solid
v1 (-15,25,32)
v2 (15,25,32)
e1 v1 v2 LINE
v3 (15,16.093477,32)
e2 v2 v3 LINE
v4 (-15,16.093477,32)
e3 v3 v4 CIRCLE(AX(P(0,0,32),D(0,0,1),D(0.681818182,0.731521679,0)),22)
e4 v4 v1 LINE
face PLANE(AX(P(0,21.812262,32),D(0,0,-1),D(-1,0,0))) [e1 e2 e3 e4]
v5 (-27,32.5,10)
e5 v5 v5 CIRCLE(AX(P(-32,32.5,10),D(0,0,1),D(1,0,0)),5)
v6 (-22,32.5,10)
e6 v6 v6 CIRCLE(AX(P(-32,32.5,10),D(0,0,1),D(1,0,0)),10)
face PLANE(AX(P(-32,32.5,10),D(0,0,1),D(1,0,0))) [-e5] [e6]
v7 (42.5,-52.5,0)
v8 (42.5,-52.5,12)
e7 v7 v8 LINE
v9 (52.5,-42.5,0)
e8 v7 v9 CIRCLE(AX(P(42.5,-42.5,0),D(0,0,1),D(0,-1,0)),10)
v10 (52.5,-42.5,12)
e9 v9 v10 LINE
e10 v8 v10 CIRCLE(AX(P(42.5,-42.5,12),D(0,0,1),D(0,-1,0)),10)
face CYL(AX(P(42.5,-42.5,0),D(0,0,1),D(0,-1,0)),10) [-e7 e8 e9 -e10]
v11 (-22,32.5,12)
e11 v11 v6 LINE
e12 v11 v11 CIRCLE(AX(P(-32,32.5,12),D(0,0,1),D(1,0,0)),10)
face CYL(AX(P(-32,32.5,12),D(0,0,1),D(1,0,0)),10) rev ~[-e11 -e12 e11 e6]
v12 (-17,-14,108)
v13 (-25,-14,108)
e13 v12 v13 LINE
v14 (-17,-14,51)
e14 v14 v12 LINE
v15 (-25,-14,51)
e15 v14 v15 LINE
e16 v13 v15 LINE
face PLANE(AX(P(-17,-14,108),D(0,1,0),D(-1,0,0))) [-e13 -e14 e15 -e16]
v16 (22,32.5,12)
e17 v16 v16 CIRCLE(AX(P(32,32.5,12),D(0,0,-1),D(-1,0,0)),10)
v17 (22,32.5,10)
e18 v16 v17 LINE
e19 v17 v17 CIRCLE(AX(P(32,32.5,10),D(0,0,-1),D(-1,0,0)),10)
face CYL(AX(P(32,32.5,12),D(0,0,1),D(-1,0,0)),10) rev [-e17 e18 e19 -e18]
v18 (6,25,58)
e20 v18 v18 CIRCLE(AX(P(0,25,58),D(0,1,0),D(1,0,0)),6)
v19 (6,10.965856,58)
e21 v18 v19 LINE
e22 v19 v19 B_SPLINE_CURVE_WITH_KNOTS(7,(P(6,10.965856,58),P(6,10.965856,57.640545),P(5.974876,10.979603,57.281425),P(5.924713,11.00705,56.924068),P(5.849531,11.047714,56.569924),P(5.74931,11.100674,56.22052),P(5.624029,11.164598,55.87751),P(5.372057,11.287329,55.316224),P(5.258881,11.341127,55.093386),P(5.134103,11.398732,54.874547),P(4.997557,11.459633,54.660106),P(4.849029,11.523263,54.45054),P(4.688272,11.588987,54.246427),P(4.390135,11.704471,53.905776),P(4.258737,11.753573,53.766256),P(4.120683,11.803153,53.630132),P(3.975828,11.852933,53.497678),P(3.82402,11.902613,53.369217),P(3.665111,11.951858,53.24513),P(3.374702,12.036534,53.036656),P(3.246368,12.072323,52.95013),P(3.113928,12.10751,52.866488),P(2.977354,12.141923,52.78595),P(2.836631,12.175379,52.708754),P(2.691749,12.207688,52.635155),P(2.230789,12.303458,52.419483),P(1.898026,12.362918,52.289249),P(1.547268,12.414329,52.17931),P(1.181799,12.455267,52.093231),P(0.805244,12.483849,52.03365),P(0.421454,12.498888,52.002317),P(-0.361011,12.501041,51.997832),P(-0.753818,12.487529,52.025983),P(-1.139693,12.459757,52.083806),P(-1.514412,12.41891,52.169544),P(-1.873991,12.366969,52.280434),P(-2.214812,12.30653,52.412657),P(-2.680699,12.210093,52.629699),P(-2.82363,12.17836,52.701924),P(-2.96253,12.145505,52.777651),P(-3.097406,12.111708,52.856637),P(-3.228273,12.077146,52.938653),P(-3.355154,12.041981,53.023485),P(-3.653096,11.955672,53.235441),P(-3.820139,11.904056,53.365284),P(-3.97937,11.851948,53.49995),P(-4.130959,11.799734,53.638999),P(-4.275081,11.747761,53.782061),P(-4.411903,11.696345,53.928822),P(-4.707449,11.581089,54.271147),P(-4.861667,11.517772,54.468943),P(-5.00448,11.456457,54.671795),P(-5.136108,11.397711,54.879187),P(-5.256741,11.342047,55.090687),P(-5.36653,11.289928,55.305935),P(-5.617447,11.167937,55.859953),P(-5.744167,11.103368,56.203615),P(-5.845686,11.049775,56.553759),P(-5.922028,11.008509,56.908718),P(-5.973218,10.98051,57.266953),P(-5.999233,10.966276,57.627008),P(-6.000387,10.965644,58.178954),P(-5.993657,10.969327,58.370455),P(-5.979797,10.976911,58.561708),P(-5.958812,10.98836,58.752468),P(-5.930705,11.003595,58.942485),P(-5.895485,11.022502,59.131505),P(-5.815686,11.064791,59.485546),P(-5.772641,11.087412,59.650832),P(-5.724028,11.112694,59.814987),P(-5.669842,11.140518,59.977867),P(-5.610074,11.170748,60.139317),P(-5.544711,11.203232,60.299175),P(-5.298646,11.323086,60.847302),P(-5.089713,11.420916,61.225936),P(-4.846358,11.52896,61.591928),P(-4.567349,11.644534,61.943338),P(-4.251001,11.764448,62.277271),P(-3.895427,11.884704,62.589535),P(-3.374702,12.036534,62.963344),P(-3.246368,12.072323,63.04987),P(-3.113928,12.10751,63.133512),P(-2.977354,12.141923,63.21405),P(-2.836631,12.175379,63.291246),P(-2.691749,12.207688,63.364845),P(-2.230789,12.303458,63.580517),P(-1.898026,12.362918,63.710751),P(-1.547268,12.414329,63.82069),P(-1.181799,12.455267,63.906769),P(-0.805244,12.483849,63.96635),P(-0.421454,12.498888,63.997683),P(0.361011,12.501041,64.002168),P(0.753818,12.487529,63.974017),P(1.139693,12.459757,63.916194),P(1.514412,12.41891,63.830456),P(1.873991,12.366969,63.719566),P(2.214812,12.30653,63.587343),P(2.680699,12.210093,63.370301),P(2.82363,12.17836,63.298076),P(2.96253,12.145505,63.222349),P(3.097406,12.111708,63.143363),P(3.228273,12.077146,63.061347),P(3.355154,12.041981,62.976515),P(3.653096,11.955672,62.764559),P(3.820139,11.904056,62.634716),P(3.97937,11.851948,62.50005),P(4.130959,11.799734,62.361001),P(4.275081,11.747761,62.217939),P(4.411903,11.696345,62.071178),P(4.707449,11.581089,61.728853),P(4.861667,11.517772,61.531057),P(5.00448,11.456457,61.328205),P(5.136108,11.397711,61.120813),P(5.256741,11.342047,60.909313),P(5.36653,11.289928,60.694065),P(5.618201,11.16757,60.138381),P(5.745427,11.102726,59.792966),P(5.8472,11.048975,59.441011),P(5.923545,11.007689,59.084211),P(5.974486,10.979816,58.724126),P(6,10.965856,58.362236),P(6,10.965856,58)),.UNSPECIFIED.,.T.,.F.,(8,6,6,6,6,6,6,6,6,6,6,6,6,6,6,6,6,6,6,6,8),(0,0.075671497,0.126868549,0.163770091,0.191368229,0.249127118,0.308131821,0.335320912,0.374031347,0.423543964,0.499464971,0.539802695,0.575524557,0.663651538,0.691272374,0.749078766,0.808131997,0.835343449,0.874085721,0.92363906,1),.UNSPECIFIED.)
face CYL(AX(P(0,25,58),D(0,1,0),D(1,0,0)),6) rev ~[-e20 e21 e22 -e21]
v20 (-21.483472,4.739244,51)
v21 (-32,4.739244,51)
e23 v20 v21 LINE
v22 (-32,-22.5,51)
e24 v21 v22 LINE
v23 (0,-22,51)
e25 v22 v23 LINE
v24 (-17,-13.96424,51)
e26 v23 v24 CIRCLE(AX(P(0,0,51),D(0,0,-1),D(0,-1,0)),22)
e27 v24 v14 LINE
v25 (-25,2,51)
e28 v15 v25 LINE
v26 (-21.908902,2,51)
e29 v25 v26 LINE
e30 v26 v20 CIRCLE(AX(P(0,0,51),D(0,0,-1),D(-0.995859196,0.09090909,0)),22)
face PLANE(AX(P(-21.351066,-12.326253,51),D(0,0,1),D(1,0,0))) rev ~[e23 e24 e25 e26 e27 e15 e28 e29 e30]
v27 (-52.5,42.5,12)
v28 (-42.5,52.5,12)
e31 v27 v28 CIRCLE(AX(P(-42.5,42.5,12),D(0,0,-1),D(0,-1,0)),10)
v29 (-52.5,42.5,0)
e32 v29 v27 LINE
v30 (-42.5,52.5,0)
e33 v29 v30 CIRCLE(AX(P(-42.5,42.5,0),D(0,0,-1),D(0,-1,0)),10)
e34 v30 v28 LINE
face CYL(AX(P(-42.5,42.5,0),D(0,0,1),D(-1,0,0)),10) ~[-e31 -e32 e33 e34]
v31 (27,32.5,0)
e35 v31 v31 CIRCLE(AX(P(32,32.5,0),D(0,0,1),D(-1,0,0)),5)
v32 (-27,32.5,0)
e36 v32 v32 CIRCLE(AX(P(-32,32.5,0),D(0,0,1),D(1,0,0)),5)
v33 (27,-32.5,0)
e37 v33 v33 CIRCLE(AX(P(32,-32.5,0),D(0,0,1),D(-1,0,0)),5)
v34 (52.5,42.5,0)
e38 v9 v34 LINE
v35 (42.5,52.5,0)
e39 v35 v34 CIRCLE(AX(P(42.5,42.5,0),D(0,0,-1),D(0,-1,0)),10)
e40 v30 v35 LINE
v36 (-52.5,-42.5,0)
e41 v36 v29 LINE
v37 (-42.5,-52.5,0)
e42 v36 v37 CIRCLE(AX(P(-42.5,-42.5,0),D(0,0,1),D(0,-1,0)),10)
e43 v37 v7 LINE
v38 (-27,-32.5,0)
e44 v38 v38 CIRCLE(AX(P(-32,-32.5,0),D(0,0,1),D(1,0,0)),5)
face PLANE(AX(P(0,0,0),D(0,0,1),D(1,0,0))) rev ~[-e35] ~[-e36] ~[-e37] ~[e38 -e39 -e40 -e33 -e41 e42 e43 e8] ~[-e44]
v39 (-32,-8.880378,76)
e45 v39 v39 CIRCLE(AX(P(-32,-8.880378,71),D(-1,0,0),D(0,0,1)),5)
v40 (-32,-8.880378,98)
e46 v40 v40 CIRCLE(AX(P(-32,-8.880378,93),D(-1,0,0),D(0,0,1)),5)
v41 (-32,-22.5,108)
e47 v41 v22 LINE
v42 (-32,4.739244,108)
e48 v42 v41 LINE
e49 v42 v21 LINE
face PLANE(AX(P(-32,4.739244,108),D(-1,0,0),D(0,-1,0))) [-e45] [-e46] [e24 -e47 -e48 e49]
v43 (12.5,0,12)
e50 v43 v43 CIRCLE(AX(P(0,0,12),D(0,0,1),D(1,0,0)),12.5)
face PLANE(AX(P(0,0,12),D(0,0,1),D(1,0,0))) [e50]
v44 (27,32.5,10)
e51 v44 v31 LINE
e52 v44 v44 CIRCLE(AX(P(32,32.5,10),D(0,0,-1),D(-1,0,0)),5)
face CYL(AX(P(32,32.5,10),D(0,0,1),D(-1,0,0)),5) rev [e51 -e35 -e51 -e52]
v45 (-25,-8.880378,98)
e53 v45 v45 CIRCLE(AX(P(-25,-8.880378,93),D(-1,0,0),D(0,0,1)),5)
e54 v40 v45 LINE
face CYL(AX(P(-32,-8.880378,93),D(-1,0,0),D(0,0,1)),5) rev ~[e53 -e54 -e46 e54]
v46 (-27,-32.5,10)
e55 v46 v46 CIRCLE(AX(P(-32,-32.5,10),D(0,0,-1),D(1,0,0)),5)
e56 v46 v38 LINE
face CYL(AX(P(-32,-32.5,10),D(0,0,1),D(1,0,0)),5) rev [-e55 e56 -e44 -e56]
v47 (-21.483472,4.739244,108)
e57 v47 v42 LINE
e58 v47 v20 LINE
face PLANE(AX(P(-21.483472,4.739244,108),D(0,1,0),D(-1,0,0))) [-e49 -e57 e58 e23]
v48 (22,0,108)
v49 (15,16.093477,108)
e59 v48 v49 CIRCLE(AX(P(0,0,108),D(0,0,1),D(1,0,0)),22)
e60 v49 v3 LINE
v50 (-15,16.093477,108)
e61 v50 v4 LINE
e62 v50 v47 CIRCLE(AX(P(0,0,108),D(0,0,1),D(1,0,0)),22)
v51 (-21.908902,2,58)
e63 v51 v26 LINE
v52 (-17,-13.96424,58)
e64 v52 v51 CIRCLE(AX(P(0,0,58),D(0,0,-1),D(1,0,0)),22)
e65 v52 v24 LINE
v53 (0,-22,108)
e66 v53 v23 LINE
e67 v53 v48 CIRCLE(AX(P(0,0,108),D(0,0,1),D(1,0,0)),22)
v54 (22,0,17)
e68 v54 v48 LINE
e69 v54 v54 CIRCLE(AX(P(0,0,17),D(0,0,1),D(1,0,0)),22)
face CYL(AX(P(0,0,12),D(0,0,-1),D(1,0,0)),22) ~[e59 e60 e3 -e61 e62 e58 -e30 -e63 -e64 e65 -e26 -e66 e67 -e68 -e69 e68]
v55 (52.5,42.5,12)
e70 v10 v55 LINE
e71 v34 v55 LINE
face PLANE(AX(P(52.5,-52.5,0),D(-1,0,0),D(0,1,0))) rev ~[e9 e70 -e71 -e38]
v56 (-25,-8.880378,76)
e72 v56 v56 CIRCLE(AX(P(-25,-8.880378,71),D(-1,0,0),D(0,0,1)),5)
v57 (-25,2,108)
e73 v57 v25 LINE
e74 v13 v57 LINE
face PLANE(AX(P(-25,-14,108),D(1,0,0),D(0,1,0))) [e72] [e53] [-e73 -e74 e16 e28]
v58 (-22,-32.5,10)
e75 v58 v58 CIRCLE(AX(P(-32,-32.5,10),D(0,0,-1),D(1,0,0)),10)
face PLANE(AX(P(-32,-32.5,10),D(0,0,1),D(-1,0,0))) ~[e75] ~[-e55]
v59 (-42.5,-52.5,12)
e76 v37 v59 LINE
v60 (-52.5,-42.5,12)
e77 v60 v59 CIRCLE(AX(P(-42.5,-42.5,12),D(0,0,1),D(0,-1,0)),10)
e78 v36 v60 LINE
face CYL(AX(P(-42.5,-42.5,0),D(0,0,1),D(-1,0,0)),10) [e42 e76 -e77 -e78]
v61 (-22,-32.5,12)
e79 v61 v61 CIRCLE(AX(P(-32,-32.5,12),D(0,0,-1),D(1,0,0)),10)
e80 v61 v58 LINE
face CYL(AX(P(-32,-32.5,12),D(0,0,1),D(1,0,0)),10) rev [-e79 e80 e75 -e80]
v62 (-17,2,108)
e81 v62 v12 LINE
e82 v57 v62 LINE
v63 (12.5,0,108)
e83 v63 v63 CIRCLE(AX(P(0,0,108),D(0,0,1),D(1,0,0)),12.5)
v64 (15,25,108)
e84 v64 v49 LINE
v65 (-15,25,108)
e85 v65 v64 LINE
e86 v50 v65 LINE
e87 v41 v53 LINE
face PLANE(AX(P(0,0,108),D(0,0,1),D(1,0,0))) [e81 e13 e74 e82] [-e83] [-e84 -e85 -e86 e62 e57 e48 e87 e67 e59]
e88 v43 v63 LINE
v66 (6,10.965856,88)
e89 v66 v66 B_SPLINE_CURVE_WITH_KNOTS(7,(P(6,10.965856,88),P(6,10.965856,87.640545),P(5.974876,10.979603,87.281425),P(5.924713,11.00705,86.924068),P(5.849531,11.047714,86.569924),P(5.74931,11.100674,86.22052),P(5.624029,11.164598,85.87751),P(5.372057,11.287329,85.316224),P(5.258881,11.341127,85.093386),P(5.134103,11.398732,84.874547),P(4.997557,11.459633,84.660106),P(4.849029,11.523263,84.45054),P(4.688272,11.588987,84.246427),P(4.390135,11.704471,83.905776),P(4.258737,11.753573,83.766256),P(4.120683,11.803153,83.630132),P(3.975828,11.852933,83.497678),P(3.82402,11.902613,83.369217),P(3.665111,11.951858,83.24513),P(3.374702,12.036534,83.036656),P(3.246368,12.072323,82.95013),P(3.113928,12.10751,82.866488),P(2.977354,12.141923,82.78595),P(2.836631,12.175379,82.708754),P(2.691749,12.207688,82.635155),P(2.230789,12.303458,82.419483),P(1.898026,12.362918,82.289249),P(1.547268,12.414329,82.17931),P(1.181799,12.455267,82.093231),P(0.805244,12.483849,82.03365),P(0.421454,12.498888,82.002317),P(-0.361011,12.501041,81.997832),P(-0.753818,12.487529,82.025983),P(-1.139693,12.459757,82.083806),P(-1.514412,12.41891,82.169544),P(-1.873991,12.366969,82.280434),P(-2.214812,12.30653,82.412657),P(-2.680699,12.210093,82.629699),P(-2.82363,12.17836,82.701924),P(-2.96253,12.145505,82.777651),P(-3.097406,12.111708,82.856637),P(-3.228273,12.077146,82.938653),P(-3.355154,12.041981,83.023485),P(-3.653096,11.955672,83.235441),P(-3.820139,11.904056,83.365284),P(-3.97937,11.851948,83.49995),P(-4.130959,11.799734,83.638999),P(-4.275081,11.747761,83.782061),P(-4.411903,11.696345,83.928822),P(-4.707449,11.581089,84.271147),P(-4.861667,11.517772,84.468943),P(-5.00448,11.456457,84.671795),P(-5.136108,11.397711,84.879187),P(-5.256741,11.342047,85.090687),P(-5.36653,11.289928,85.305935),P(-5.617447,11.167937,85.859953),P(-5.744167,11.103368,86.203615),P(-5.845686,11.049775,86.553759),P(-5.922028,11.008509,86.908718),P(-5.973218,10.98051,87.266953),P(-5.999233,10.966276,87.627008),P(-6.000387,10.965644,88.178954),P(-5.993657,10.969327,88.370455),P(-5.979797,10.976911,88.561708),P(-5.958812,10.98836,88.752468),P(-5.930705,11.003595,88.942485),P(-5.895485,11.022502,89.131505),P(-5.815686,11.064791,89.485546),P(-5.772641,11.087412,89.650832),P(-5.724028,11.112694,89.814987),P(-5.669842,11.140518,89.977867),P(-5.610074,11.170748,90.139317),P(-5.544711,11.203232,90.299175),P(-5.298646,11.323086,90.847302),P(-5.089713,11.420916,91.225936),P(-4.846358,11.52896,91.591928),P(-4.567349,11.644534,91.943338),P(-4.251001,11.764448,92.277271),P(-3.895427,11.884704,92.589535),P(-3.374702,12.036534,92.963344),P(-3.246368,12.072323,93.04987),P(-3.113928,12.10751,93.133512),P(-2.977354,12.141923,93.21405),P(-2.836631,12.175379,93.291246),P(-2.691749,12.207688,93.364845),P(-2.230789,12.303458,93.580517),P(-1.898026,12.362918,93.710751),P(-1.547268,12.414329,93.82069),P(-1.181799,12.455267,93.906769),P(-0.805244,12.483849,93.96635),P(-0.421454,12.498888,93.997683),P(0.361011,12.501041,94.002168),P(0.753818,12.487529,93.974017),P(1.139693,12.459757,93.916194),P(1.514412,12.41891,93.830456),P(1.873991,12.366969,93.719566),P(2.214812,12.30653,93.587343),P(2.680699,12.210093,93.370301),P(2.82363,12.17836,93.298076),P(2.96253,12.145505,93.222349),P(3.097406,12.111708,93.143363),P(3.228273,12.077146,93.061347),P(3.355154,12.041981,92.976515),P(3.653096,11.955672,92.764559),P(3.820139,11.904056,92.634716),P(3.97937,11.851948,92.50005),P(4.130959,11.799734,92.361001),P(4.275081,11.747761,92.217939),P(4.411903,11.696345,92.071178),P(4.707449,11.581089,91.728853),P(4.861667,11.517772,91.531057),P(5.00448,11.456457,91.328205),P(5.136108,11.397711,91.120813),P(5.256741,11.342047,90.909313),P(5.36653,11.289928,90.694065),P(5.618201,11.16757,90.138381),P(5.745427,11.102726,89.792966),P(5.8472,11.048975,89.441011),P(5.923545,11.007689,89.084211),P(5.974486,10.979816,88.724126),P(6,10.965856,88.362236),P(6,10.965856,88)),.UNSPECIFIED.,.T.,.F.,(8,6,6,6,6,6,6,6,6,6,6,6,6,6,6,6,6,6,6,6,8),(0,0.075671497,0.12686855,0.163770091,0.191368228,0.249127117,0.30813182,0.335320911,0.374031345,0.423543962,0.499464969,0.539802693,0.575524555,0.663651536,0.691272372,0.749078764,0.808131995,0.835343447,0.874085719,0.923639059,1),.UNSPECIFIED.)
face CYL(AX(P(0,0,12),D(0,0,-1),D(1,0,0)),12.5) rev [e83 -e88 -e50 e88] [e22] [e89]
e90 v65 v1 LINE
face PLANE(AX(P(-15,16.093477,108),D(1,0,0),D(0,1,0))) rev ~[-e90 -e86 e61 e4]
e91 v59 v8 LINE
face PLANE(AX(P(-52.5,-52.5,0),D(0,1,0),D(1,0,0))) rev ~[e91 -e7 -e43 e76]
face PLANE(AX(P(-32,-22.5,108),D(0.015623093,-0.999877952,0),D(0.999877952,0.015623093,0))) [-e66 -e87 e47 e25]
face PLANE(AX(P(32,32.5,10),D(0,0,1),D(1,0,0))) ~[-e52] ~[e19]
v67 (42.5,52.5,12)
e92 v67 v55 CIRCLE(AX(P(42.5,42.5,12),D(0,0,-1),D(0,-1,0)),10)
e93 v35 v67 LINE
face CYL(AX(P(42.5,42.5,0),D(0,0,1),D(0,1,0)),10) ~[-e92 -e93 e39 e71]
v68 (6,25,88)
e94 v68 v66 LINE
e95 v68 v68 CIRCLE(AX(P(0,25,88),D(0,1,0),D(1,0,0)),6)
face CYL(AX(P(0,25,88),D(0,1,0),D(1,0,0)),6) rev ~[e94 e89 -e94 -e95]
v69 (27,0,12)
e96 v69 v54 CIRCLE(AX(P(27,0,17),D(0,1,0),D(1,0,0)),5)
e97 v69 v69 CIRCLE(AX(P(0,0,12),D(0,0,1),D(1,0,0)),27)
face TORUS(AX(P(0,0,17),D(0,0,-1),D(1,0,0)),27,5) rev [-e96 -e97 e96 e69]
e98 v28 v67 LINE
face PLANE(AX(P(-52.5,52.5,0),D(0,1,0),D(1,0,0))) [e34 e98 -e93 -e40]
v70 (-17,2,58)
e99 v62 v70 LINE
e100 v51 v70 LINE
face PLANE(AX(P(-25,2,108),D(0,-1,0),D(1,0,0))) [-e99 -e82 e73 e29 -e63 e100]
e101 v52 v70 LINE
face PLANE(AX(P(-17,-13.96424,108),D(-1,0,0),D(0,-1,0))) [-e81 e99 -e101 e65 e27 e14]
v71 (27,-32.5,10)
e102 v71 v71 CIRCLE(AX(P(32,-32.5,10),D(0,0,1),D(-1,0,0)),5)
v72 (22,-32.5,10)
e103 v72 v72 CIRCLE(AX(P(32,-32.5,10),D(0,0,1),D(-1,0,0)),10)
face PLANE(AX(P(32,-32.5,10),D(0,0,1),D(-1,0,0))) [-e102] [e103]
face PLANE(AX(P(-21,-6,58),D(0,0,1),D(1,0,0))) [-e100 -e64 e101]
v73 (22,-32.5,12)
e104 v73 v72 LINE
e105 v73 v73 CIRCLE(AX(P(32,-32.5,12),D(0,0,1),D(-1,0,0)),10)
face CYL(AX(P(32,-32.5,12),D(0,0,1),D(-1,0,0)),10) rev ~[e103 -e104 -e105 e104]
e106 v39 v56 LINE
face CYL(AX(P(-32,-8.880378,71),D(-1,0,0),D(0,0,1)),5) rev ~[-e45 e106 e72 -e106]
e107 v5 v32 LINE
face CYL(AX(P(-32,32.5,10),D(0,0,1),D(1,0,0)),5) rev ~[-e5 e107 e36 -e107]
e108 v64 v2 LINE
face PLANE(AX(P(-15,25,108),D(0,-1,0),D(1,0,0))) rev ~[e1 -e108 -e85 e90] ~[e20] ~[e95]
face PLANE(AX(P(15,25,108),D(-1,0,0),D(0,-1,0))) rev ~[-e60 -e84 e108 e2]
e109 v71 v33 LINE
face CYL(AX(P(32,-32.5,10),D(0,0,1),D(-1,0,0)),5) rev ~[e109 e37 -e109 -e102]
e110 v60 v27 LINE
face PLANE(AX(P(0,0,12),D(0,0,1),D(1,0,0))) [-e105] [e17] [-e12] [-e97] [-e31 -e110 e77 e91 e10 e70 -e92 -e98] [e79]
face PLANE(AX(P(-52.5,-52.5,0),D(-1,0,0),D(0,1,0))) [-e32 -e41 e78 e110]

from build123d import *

# Parameters (mm, degrees)
SKETCH1_W               = 105
SKETCH1_H               = 105
BOSS_EXTRUDE1_DEPTH     = 12
SKETCH2_R               = 22
SKETCH2_R_2             = 12.5
BOSS_EXTRUDE2_DEPTH     = 96
FILLET1_R               = 5
SKETCH4_R               = 10
CUT_EXTRUDE2_DEPTH      = 2
SKETCH6_R               = 5
CUT_EXTRUDE3_DEPTH      = 11
MIRROR3_COPY_1_SKETCH_R = 10
MIRROR3_COPY_1_DEPTH    = 2
MIRROR3_COPY_2_SKETCH_R = 5
MIRROR3_COPY_2_DEPTH    = 11
BOSS_EXTRUDE5_DEPTH     = 57
SKETCH9_W               = 8
SKETCH9_H               = 16
CUT_EXTRUDE5_DEPTH      = 50
BOSS_EXTRUDE6_DEPTH     = 76
CUT_EXTRUDE6_REACH      = 79.5
SKETCH11_R              = 6
FILLET2_R               = 10
CUT_EXTRUDE7_REACH      = 86.5
SKETCH12_R              = 5


with BuildPart() as part:
    # Sketch1 → Boss-Extrude1 (new body)
    with BuildSketch(Plane.XY):
        Rectangle(SKETCH1_W, SKETCH1_H)
    extrude(amount=BOSS_EXTRUDE1_DEPTH)

    # Sketch2 → Boss-Extrude2 (add)
    with BuildSketch(Plane.XY.offset(12)):
        Circle(SKETCH2_R)
        Circle(SKETCH2_R_2, mode=Mode.SUBTRACT)
    extrude(amount=BOSS_EXTRUDE2_DEPTH)

    # Fillet1
    fillet1_edges = [part.edges().sort_by_distance(p)[0] for p in [
        (-22, 0, 12),
    ]]
    fillet(fillet1_edges, radius=FILLET1_R)

    # Sketch4 → Cut-Extrude2 (cut)
    with BuildSketch(Plane.XY.offset(12)):
        with Locations((-32, 32.5)):
            Circle(SKETCH4_R)
    cut_extrude2 = extrude(amount=-CUT_EXTRUDE2_DEPTH, mode=Mode.SUBTRACT)

    # Sketch6 → Cut-Extrude3 (cut, through all)
    with BuildSketch(Plane.XY.offset(10)):
        with Locations((-32, 32.5)):
            Circle(SKETCH6_R)
    cut_extrude3 = extrude(amount=-CUT_EXTRUDE3_DEPTH, mode=Mode.SUBTRACT)

    # Mirror2: Cut-Extrude2, Cut-Extrude3 across plane
    add(cut_extrude2.mirror(Plane(origin=(0, 0, 0), x_dir=(0, 0, 1), z_dir=(1, 0, 0))), mode=Mode.SUBTRACT)
    add(cut_extrude3.mirror(Plane(origin=(0, 0, 0), x_dir=(0, 0, 1), z_dir=(1, 0, 0))), mode=Mode.SUBTRACT)

    # Mirror3: Cut-Extrude3, Cut-Extrude2 across plane
    add(cut_extrude3.mirror(Plane.ZX), mode=Mode.SUBTRACT)
    add(cut_extrude2.mirror(Plane.ZX), mode=Mode.SUBTRACT)

    # Mirror3 copy 1 sketch → Mirror3 copy 1 (cut)
    with BuildSketch(Plane(origin=(0, 0, 12), x_dir=(-1, 0, 0), z_dir=(0, 0, 1))):
        with Locations((-32, 32.5)):
            Circle(MIRROR3_COPY_1_SKETCH_R)
    extrude(amount=-MIRROR3_COPY_1_DEPTH, mode=Mode.SUBTRACT)

    # Mirror3 copy 2 sketch → Mirror3 copy 2 (cut, through all)
    with BuildSketch(Plane(origin=(0, 0, 10), x_dir=(-1, 0, 0), z_dir=(0, 0, 1))):
        with Locations((-32, 32.5)):
            Circle(MIRROR3_COPY_2_SKETCH_R)
    extrude(amount=-MIRROR3_COPY_2_DEPTH, mode=Mode.SUBTRACT)

    # Sketch8 → Boss-Extrude5 (add)
    with BuildSketch(Plane.XY.offset(108)):
        with BuildLine():
            Line((-32, -22.5), (0, -22))
            ThreePointArc((0, -22), (-9.401774275, -19.889862757), (-17, -13.964240044))
            Line((-17, -13.964240044), (-17, -14))
            Line((-17, -14), (-25, -14))
            Line((-25, -14), (-25, 2))
            Line((-25, 2), (-21.9089023, 2))
            ThreePointArc((-21.9089023, 2), (-21.739374416, 3.37632937), (-21.483471943, 4.739243954))
            Line((-21.483471943, 4.739243954), (-32, 4.739243954))
            Line((-32, 4.739243954), (-32, -22.5))
        make_face()
    extrude(amount=-BOSS_EXTRUDE5_DEPTH)

    # Sketch9 → Cut-Extrude5 (cut)
    with BuildSketch(Plane.XY.offset(108)):
        with Locations((-21, -6)):
            Rectangle(SKETCH9_W, SKETCH9_H)
    extrude(amount=-CUT_EXTRUDE5_DEPTH, mode=Mode.SUBTRACT)

    # Sketch10 → Boss-Extrude6 (add)
    with BuildSketch(Plane.XY.offset(108)):
        with BuildLine():
            Line((-15, 25), (15, 25))
            Line((15, 25), (15, 16.093476939))
            ThreePointArc((15, 16.093476939), (0, 22), (-15, 16.093476939))
            Line((-15, 16.093476939), (-15, 25))
        make_face()
    extrude(amount=-BOSS_EXTRUDE6_DEPTH)

    # Sketch11 → Cut-Extrude6 (cut, up to next)
    with BuildSketch(Plane(origin=(0, 25, 0), x_dir=(1, 0, 0), z_dir=(0, 1, 0)), mode=Mode.PRIVATE) as cut_extrude6_sk1:
        with Locations((0, -88)):
            Circle(SKETCH11_R)
    cut_extrude6_tool1 = extrude(cut_extrude6_sk1.sketch, amount=-CUT_EXTRUDE6_REACH, mode=Mode.PRIVATE) & part.part
    add(cut_extrude6_tool1.solids().sort_by_distance((0, 25, 88))[0], mode=Mode.SUBTRACT)
    # Sketch11 → Cut-Extrude6 (cut, up to next)
    with BuildSketch(Plane(origin=(0, 25, 0), x_dir=(1, 0, 0), z_dir=(0, 1, 0)), mode=Mode.PRIVATE) as cut_extrude6_sk2:
        with Locations((0, -58)):
            Circle(SKETCH11_R)
    cut_extrude6_tool2 = extrude(cut_extrude6_sk2.sketch, amount=-CUT_EXTRUDE6_REACH, mode=Mode.PRIVATE) & part.part
    add(cut_extrude6_tool2.solids().sort_by_distance((0, 25, 58))[0], mode=Mode.SUBTRACT)

    # Fillet2
    fillet2_edges = [part.edges().sort_by_distance(p)[0] for p in [
        (52.5, -52.5, 6),
        (-52.5, -52.5, 6),
        (-52.5, 52.5, 6),
        (52.5, 52.5, 6),
    ]]
    fillet(fillet2_edges, radius=FILLET2_R)

    # Sketch12 → Cut-Extrude7 (cut, up to next)
    with BuildSketch(Plane.ZY.offset(32), mode=Mode.PRIVATE) as cut_extrude7_sk1:
        with Locations((93, -8.880378023)):
            Circle(SKETCH12_R)
    cut_extrude7_tool1 = extrude(cut_extrude7_sk1.sketch, amount=-CUT_EXTRUDE7_REACH, mode=Mode.PRIVATE) & part.part
    add(cut_extrude7_tool1.solids().sort_by_distance((-32, -8.880378, 93))[0], mode=Mode.SUBTRACT)
    # Sketch12 → Cut-Extrude7 (cut, up to next)
    with BuildSketch(Plane.ZY.offset(32), mode=Mode.PRIVATE) as cut_extrude7_sk2:
        with Locations((71, -8.880378023)):
            Circle(SKETCH12_R)
    cut_extrude7_tool2 = extrude(cut_extrude7_sk2.sketch, amount=-CUT_EXTRUDE7_REACH, mode=Mode.PRIVATE) & part.part
    add(cut_extrude7_tool2.solids().sort_by_distance((-32, -8.880378, 71))[0], mode=Mode.SUBTRACT)


solid = part.part
